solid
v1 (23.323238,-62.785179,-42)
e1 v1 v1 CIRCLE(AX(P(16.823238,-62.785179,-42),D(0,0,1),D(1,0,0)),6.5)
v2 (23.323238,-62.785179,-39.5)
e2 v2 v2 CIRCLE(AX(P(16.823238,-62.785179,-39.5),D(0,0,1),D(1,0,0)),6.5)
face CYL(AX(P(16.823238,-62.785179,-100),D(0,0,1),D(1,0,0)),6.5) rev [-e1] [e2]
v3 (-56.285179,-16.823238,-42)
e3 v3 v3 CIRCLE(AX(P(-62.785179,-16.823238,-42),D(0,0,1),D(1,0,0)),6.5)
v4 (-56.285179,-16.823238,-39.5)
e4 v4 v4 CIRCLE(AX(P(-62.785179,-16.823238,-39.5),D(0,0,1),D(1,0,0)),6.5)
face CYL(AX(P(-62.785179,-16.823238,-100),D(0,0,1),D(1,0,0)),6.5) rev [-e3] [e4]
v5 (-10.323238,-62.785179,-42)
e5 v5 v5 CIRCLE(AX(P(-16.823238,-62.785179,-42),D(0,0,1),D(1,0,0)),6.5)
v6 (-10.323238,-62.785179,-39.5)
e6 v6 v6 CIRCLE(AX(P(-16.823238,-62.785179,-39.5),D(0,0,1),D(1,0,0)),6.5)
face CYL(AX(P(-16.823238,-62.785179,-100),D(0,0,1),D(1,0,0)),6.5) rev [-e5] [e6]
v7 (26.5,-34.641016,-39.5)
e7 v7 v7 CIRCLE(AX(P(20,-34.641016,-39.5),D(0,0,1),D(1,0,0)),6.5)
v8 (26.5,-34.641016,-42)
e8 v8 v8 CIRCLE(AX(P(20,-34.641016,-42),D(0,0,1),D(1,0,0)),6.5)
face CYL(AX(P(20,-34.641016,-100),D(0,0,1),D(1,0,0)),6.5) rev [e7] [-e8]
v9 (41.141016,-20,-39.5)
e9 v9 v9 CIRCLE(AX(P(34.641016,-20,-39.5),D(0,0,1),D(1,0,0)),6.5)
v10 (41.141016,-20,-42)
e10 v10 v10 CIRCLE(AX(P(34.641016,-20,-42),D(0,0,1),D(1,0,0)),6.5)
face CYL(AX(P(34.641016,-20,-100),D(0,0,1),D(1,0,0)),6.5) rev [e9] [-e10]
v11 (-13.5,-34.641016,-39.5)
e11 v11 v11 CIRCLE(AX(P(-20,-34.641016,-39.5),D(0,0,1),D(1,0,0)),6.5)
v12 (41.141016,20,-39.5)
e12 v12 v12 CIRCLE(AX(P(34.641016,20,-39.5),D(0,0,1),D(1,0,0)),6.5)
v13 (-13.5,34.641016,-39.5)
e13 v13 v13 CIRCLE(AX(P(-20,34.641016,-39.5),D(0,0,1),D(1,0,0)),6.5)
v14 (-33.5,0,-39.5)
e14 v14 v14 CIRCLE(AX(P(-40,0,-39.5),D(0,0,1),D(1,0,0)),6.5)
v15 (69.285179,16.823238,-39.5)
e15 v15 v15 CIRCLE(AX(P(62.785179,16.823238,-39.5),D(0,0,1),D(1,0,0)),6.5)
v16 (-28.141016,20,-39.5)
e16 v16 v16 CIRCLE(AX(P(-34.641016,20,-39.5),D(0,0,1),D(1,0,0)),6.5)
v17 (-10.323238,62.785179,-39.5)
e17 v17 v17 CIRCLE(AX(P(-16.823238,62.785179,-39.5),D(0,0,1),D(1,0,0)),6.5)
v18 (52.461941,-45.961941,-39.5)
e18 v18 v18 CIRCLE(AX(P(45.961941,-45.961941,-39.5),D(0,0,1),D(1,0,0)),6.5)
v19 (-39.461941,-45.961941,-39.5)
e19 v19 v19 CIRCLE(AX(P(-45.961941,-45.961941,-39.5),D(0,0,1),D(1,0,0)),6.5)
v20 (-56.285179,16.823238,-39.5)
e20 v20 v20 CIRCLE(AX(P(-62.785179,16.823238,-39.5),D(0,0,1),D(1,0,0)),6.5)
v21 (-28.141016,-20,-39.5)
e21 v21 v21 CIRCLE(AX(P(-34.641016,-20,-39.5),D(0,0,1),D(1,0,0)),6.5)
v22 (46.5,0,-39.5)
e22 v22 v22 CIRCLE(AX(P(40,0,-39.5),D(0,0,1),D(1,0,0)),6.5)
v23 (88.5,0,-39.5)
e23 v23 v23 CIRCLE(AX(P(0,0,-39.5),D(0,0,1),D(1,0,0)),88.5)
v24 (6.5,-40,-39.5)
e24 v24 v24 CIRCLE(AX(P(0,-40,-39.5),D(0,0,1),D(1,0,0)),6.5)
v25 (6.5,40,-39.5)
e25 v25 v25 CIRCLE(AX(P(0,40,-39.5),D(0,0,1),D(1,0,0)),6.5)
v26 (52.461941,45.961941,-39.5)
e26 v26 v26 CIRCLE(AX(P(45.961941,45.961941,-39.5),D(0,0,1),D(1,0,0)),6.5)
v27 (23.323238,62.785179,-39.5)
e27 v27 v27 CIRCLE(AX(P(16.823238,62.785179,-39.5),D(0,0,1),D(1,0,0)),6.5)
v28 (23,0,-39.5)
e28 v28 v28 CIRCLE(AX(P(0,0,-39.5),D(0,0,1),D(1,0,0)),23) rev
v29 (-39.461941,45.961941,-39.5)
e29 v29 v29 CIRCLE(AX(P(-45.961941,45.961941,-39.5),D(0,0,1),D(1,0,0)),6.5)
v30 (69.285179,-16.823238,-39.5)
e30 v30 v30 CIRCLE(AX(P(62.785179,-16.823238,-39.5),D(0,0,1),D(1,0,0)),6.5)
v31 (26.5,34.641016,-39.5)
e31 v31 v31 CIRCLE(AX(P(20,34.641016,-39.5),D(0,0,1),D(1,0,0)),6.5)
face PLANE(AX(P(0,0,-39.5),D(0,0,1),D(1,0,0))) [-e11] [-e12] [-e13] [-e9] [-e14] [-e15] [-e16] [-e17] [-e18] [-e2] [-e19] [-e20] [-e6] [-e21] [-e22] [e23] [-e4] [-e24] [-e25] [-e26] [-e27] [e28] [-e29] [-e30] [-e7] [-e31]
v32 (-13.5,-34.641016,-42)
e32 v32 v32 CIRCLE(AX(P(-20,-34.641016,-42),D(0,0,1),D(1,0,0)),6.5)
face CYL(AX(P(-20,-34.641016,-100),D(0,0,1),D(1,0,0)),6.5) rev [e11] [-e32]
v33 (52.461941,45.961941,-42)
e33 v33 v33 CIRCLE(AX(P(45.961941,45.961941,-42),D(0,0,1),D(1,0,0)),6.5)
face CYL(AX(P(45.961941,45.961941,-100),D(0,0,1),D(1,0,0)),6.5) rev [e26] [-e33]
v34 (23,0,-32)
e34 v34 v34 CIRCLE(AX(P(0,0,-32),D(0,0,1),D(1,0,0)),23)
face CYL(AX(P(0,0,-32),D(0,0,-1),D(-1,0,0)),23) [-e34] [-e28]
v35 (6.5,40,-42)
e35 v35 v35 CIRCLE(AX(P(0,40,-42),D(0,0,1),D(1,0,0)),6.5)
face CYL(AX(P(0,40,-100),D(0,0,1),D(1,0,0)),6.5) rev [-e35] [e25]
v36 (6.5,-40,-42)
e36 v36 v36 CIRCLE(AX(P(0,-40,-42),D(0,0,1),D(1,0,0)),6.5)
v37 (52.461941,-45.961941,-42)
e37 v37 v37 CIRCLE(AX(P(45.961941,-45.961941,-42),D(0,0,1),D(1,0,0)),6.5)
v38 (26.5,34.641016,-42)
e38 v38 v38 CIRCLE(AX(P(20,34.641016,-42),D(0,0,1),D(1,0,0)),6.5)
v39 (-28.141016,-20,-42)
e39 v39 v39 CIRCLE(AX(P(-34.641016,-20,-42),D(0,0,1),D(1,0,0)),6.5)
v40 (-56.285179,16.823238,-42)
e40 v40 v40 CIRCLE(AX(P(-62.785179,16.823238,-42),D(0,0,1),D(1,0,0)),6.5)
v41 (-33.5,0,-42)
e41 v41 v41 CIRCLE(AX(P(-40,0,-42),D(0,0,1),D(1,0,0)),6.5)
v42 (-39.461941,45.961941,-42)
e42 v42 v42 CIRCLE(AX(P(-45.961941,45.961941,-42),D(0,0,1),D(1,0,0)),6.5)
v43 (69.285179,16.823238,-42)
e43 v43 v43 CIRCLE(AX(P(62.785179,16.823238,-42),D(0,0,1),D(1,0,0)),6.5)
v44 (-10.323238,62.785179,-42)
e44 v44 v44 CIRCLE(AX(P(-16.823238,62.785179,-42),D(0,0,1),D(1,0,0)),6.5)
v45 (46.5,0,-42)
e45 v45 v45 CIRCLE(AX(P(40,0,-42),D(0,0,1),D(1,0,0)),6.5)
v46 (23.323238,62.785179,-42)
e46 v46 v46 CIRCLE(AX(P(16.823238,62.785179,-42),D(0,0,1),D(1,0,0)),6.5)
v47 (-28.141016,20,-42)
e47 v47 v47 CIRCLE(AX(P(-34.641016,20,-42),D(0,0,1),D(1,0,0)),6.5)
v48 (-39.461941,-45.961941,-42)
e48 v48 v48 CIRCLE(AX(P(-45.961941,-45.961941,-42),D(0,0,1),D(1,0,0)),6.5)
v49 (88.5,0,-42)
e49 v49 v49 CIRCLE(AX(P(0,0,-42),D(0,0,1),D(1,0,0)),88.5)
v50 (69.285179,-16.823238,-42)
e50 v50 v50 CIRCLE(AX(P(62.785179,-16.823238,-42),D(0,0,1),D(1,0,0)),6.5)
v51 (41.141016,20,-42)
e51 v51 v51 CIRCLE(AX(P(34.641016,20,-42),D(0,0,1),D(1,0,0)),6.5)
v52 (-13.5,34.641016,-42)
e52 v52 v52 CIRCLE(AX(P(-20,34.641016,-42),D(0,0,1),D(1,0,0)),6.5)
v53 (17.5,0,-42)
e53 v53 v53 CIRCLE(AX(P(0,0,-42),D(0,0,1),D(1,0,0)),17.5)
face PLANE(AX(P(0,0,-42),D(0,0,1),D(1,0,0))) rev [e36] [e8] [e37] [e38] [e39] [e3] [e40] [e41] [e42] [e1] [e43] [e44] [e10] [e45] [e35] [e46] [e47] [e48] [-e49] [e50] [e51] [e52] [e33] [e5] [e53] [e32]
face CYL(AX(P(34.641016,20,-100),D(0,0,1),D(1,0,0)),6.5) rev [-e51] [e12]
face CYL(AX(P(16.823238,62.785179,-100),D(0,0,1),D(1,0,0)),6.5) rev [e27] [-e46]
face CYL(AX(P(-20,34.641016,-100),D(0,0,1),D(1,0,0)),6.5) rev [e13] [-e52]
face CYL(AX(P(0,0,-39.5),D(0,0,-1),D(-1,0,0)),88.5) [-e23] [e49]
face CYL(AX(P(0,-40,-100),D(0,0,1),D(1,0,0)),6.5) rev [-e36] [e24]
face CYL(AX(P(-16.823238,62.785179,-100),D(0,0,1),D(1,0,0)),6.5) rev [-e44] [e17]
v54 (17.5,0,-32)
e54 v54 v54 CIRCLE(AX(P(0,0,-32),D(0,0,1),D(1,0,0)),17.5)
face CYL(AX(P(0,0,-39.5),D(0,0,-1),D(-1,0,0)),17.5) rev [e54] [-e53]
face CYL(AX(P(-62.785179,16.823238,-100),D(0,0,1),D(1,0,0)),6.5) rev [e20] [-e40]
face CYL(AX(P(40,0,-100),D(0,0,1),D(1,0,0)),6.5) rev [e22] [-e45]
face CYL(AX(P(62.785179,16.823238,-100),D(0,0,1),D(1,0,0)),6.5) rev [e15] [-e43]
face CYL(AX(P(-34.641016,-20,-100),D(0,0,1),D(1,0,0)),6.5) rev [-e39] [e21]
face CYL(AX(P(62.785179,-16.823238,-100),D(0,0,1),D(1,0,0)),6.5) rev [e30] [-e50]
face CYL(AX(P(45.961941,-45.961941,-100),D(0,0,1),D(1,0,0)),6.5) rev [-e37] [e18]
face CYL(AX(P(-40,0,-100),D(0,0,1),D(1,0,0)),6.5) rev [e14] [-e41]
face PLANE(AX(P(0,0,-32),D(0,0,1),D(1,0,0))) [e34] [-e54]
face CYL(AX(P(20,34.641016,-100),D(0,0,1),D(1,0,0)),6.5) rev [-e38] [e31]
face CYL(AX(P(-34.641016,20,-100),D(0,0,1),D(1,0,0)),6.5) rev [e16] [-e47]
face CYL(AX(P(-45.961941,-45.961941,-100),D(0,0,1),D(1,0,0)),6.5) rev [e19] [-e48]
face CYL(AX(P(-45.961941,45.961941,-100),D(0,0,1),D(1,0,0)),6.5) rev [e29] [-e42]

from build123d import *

# Parameters (mm, degrees)
REAR_COVER_REFERENCE_START   = -42
SKETCH_1_R                   = 88.5
SKETCH_1_R_2                 = 17.5
REAR_COVER_REFERENCE_DEPTH   = 2.5
BEARING_BOSS_REFERENCE_START = -42
SKETCH_2_R                   = 23
SKETCH_2_R_2                 = 17.5
BEARING_BOSS_REFERENCE_DEPTH = 10
SKETCH_3_R                   = 6.5
THROUGH_HOLES_DEPTH          = 100


with BuildPart() as part:
    # Эскиз1 → Rear_cover_reference (new body)
    with BuildSketch(Plane.XY.offset(REAR_COVER_REFERENCE_START)):
        Circle(SKETCH_1_R)
        Circle(SKETCH_1_R_2, mode=Mode.SUBTRACT)
    extrude(amount=REAR_COVER_REFERENCE_DEPTH)

    # Эскиз2 → Bearing_boss_reference (add)
    with BuildSketch(Plane.XY.offset(BEARING_BOSS_REFERENCE_START)):
        Circle(SKETCH_2_R)
        Circle(SKETCH_2_R_2, mode=Mode.SUBTRACT)
    extrude(amount=BEARING_BOSS_REFERENCE_DEPTH)

    # Эскиз3 → Through_holes (cut, symmetric)
    with BuildSketch(Plane.XY):
        with Locations((40, 0)):
            Circle(SKETCH_3_R)
        with Locations((34.641016151, 20)):
            Circle(SKETCH_3_R)
        with Locations((20, 34.641016151)):
            Circle(SKETCH_3_R)
        with Locations((0, 40)):
            Circle(SKETCH_3_R)
        with Locations((-20, 34.641016151)):
            Circle(SKETCH_3_R)
        with Locations((-34.641016151, 20)):
            Circle(SKETCH_3_R)
        with Locations((-40, 0)):
            Circle(SKETCH_3_R)
        with Locations((-34.641016151, -20)):
            Circle(SKETCH_3_R)
        with Locations((-20, -34.641016151)):
            Circle(SKETCH_3_R)
        with Locations((0, -40)):
            Circle(SKETCH_3_R)
        with Locations((20, -34.641016151)):
            Circle(SKETCH_3_R)
        with Locations((34.641016151, -20)):
            Circle(SKETCH_3_R)
        with Locations((62.785178709, 16.823237932)):
            Circle(SKETCH_3_R)
        with Locations((45.961940777, 45.961940777)):
            Circle(SKETCH_3_R)
        with Locations((16.823237932, 62.785178709)):
            Circle(SKETCH_3_R)
        with Locations((-16.823237932, 62.785178709)):
            Circle(SKETCH_3_R)
        with Locations((-45.961940777, 45.961940777)):
            Circle(SKETCH_3_R)
        with Locations((-62.785178709, 16.823237932)):
            Circle(SKETCH_3_R)
        with Locations((-62.785178709, -16.823237932)):
            Circle(SKETCH_3_R)
        with Locations((-45.961940777, -45.961940777)):
            Circle(SKETCH_3_R)
        with Locations((-16.823237932, -62.785178709)):
            Circle(SKETCH_3_R)
        with Locations((16.823237932, -62.785178709)):
            Circle(SKETCH_3_R)
        with Locations((45.961940777, -45.961940777)):
            Circle(SKETCH_3_R)
        with Locations((62.785178709, -16.823237932)):
            Circle(SKETCH_3_R)
    extrude(amount=THROUGH_HOLES_DEPTH, both=True, mode=Mode.SUBTRACT)


solid = part.part
